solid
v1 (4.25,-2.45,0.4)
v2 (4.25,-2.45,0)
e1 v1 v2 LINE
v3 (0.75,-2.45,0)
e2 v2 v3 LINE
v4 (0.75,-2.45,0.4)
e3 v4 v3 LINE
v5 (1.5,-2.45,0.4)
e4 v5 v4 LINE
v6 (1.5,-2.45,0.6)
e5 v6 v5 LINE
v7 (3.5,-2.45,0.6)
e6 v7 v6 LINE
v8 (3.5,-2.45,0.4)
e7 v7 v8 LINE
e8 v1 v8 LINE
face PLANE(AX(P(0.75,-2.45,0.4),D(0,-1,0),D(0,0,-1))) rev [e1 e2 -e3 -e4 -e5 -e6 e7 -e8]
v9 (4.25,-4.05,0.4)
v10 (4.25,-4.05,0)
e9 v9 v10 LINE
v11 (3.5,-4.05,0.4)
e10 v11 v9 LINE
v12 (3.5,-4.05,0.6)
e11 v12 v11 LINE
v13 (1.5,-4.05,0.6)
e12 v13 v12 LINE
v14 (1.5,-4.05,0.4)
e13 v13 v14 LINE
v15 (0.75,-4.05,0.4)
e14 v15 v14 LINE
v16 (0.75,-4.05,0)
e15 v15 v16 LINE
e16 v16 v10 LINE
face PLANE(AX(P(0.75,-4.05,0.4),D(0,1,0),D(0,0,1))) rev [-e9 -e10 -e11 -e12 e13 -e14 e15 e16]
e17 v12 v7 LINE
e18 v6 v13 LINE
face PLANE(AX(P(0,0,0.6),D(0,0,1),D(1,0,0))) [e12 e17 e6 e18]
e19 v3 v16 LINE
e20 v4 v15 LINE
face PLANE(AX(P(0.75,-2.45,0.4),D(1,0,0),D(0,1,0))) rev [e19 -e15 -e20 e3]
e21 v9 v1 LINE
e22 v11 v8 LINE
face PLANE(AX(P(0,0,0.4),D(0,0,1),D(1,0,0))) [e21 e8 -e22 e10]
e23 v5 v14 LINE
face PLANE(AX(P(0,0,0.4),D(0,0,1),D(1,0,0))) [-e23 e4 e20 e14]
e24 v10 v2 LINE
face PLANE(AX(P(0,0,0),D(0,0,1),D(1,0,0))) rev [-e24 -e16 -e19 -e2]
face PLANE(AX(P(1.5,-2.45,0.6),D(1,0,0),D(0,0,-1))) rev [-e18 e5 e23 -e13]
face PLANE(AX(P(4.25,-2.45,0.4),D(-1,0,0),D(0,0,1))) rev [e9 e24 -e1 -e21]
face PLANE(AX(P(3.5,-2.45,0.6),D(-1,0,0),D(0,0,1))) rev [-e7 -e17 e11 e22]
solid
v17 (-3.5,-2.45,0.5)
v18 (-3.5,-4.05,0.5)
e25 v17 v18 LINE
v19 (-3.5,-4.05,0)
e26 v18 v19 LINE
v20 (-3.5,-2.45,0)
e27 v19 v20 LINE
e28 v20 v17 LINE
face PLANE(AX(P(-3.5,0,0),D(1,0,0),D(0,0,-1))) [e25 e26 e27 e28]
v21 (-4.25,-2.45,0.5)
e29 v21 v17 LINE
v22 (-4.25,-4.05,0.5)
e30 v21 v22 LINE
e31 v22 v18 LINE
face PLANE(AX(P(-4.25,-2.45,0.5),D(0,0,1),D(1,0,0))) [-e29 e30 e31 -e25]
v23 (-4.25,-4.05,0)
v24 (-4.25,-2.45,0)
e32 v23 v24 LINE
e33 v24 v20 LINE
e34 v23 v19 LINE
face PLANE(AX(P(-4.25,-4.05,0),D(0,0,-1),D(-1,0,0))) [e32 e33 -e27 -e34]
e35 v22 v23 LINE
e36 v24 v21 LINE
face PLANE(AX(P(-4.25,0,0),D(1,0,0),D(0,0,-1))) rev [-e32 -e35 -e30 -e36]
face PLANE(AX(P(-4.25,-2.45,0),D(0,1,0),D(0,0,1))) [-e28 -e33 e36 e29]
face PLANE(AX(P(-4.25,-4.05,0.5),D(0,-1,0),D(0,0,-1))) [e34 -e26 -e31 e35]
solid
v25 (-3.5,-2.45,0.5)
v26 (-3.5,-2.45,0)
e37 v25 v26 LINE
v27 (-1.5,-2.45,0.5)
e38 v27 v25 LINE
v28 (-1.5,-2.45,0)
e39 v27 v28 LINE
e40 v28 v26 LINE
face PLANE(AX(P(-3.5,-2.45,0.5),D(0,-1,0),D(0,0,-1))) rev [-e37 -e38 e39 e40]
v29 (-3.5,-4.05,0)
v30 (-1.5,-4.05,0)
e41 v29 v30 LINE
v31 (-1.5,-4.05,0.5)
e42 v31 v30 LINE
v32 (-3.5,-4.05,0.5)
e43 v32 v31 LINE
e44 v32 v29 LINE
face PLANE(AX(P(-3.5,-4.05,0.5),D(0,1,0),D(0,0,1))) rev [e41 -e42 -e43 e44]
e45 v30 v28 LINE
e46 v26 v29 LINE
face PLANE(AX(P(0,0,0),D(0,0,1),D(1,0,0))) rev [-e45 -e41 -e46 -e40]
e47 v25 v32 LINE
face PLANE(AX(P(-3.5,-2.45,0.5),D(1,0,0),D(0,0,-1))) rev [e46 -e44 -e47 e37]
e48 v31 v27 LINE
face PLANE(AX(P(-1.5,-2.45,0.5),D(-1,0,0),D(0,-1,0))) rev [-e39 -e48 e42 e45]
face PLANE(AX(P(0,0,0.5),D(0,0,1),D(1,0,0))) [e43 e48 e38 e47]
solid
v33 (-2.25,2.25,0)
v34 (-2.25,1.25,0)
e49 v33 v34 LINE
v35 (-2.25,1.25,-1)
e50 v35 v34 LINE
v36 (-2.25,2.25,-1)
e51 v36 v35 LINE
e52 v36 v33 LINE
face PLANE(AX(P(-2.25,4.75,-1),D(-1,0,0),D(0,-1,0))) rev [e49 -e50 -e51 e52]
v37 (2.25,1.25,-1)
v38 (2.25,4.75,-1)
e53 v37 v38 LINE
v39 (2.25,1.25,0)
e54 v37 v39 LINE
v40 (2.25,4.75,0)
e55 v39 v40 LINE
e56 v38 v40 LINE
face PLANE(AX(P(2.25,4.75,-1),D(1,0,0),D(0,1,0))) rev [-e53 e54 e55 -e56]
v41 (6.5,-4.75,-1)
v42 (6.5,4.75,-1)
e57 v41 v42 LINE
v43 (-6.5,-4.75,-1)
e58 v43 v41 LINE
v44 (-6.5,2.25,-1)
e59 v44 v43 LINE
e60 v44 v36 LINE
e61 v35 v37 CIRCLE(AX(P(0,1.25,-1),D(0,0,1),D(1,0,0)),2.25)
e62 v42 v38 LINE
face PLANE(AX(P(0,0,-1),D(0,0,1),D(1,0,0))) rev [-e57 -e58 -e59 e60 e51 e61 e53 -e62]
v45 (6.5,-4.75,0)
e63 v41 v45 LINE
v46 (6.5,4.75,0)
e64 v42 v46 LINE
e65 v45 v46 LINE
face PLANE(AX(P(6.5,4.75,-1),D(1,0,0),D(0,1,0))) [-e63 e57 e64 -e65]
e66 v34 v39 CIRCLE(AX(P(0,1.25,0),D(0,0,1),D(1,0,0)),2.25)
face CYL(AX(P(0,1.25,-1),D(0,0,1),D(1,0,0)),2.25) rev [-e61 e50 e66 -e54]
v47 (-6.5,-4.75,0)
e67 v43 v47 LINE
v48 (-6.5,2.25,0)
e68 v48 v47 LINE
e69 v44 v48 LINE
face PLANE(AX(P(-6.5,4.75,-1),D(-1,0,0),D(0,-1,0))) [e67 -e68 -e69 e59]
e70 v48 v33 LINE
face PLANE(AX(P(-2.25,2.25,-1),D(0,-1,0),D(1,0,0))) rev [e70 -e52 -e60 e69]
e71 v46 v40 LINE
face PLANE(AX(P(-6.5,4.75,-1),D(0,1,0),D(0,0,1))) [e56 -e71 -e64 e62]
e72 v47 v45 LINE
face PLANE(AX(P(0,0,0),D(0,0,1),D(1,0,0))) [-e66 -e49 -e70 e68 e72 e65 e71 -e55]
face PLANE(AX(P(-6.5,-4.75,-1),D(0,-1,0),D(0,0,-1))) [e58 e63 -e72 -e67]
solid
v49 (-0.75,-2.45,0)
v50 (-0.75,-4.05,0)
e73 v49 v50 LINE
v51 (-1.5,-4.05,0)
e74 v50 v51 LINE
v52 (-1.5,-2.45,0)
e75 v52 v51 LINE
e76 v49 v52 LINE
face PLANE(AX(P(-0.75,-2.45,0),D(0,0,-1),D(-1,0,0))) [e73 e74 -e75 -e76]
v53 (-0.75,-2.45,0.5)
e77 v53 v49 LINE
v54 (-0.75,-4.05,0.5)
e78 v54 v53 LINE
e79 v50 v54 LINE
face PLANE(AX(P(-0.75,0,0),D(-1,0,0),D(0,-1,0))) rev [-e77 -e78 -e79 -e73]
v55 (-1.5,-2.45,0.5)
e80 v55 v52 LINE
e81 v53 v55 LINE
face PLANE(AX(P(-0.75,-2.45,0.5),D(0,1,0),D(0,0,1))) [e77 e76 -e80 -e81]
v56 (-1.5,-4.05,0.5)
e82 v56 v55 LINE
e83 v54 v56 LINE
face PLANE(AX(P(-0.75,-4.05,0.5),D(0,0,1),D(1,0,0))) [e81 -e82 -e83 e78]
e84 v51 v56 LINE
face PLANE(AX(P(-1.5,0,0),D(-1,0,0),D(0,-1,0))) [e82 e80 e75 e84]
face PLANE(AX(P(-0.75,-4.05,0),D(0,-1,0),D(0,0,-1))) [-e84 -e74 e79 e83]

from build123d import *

# Parameters (mm, degrees)
BASES_W                           = 13
BASES_H                           = 9.5
BASE_DEPTH                        = 1
FASTENER_ACCESS_DEPTH             = 9.11249037
SMDCAPACITORBODYS_W               = 2
SMDCAPACITORBODYS_H               = 1.6
SMD_CAPACITOR_BODY_DEPTH          = 0.5
SMDCAPACITORSOLDERBODY1S_W        = 1.6
SMDCAPACITORSOLDERBODY1S_H        = 0.5
SMD_CAPACITOR_SOLDER_BODY_1_DEPTH = 0.75
SMDCAPACITORSOLDERBODY2S_W        = 1.6
SMDCAPACITORSOLDERBODY2S_H        = 0.5
SMD_CAPACITOR_SOLDER_BODY_2_DEPTH = 0.75
LEDS_W                            = 3.5
LEDS_H                            = 1.6
LED_DEPTH                         = 0.4
LEDTS_W                           = 2
LEDTS_H                           = 1.6
LED_TOP_DEPTH                     = 0.2
SKETCH1_W                         = 4.25
SKETCH1_H                         = 2.5
PCB_LEFT_CUT_DEPTH                = 9.11249037


with BuildPart() as part:
    # BaseS → BASE (new body)
    with BuildSketch(Plane.XY):
        Rectangle(BASES_W, BASES_H)
    extrude(amount=-BASE_DEPTH)

    # FastenerAccessS → FASTENER ACCESS (cut, through all)
    with BuildSketch(Plane.XY):
        with BuildLine():
            Line((-2.25, 4.75), (2.25, 4.75))
            Line((2.25, 4.75), (2.25, 1.25))
            ThreePointArc((2.25, 1.25), (0, -1), (-2.25, 1.25))
            Line((-2.25, 1.25), (-2.25, 4.75))
        make_face()
    extrude(amount=-FASTENER_ACCESS_DEPTH, mode=Mode.SUBTRACT)

    # Sketch1 → PCB Left Cut (cut, through all)
    with BuildSketch(Plane.XY):
        with Locations((-4.375, 3.5)):
            Rectangle(SKETCH1_W, SKETCH1_H)
    extrude(amount=-PCB_LEFT_CUT_DEPTH, mode=Mode.SUBTRACT)


with BuildPart() as body_2:
    # SMDCapacitorBodyS → SMD CAPACITOR BODY (new body)
    with BuildSketch(Plane.XY):
        with Locations((-2.5, -3.25)):
            Rectangle(SMDCAPACITORBODYS_W, SMDCAPACITORBODYS_H)
    extrude(amount=SMD_CAPACITOR_BODY_DEPTH)


with BuildPart() as body_3:
    # SMDCapacitorSolderBody1S → SMD CAPACITOR SOLDER BODY 1 (new body)
    with BuildSketch(Plane(origin=(-3.5, -0.45, 0), x_dir=(0, 1, 0), z_dir=(1, 0, 0))):
        with Locations((-2.8, 0.25)):
            Rectangle(SMDCAPACITORSOLDERBODY1S_W, SMDCAPACITORSOLDERBODY1S_H)
    extrude(amount=-SMD_CAPACITOR_SOLDER_BODY_1_DEPTH)


with BuildPart() as body_4:
    # SMDCapacitorSolderBody2S → SMD CAPACITOR SOLDER BODY 2 (new body)
    with BuildSketch(Plane(origin=(-1.5, -1.05, 0), x_dir=(0, 1, 0), z_dir=(-1, 0, 0))):
        with Locations((-2.2, -0.25)):
            Rectangle(SMDCAPACITORSOLDERBODY2S_W, SMDCAPACITORSOLDERBODY2S_H)
    extrude(amount=-SMD_CAPACITOR_SOLDER_BODY_2_DEPTH)


with BuildPart() as body_5:
    # LEDS → LED (new body)
    with BuildSketch(Plane.XY):
        with Locations((2.5, -3.25)):
            Rectangle(LEDS_W, LEDS_H)
    extrude(amount=LED_DEPTH)

    # LEDTS → LED TOP (add)
    with BuildSketch(Plane.XY.offset(0.4)):
        with Locations((2.5, -3.25)):
            Rectangle(LEDTS_W, LEDTS_H)
    extrude(amount=LED_TOP_DEPTH)


solid = Compound([part.part, body_2.part, body_3.part, body_4.part, body_5.part])
